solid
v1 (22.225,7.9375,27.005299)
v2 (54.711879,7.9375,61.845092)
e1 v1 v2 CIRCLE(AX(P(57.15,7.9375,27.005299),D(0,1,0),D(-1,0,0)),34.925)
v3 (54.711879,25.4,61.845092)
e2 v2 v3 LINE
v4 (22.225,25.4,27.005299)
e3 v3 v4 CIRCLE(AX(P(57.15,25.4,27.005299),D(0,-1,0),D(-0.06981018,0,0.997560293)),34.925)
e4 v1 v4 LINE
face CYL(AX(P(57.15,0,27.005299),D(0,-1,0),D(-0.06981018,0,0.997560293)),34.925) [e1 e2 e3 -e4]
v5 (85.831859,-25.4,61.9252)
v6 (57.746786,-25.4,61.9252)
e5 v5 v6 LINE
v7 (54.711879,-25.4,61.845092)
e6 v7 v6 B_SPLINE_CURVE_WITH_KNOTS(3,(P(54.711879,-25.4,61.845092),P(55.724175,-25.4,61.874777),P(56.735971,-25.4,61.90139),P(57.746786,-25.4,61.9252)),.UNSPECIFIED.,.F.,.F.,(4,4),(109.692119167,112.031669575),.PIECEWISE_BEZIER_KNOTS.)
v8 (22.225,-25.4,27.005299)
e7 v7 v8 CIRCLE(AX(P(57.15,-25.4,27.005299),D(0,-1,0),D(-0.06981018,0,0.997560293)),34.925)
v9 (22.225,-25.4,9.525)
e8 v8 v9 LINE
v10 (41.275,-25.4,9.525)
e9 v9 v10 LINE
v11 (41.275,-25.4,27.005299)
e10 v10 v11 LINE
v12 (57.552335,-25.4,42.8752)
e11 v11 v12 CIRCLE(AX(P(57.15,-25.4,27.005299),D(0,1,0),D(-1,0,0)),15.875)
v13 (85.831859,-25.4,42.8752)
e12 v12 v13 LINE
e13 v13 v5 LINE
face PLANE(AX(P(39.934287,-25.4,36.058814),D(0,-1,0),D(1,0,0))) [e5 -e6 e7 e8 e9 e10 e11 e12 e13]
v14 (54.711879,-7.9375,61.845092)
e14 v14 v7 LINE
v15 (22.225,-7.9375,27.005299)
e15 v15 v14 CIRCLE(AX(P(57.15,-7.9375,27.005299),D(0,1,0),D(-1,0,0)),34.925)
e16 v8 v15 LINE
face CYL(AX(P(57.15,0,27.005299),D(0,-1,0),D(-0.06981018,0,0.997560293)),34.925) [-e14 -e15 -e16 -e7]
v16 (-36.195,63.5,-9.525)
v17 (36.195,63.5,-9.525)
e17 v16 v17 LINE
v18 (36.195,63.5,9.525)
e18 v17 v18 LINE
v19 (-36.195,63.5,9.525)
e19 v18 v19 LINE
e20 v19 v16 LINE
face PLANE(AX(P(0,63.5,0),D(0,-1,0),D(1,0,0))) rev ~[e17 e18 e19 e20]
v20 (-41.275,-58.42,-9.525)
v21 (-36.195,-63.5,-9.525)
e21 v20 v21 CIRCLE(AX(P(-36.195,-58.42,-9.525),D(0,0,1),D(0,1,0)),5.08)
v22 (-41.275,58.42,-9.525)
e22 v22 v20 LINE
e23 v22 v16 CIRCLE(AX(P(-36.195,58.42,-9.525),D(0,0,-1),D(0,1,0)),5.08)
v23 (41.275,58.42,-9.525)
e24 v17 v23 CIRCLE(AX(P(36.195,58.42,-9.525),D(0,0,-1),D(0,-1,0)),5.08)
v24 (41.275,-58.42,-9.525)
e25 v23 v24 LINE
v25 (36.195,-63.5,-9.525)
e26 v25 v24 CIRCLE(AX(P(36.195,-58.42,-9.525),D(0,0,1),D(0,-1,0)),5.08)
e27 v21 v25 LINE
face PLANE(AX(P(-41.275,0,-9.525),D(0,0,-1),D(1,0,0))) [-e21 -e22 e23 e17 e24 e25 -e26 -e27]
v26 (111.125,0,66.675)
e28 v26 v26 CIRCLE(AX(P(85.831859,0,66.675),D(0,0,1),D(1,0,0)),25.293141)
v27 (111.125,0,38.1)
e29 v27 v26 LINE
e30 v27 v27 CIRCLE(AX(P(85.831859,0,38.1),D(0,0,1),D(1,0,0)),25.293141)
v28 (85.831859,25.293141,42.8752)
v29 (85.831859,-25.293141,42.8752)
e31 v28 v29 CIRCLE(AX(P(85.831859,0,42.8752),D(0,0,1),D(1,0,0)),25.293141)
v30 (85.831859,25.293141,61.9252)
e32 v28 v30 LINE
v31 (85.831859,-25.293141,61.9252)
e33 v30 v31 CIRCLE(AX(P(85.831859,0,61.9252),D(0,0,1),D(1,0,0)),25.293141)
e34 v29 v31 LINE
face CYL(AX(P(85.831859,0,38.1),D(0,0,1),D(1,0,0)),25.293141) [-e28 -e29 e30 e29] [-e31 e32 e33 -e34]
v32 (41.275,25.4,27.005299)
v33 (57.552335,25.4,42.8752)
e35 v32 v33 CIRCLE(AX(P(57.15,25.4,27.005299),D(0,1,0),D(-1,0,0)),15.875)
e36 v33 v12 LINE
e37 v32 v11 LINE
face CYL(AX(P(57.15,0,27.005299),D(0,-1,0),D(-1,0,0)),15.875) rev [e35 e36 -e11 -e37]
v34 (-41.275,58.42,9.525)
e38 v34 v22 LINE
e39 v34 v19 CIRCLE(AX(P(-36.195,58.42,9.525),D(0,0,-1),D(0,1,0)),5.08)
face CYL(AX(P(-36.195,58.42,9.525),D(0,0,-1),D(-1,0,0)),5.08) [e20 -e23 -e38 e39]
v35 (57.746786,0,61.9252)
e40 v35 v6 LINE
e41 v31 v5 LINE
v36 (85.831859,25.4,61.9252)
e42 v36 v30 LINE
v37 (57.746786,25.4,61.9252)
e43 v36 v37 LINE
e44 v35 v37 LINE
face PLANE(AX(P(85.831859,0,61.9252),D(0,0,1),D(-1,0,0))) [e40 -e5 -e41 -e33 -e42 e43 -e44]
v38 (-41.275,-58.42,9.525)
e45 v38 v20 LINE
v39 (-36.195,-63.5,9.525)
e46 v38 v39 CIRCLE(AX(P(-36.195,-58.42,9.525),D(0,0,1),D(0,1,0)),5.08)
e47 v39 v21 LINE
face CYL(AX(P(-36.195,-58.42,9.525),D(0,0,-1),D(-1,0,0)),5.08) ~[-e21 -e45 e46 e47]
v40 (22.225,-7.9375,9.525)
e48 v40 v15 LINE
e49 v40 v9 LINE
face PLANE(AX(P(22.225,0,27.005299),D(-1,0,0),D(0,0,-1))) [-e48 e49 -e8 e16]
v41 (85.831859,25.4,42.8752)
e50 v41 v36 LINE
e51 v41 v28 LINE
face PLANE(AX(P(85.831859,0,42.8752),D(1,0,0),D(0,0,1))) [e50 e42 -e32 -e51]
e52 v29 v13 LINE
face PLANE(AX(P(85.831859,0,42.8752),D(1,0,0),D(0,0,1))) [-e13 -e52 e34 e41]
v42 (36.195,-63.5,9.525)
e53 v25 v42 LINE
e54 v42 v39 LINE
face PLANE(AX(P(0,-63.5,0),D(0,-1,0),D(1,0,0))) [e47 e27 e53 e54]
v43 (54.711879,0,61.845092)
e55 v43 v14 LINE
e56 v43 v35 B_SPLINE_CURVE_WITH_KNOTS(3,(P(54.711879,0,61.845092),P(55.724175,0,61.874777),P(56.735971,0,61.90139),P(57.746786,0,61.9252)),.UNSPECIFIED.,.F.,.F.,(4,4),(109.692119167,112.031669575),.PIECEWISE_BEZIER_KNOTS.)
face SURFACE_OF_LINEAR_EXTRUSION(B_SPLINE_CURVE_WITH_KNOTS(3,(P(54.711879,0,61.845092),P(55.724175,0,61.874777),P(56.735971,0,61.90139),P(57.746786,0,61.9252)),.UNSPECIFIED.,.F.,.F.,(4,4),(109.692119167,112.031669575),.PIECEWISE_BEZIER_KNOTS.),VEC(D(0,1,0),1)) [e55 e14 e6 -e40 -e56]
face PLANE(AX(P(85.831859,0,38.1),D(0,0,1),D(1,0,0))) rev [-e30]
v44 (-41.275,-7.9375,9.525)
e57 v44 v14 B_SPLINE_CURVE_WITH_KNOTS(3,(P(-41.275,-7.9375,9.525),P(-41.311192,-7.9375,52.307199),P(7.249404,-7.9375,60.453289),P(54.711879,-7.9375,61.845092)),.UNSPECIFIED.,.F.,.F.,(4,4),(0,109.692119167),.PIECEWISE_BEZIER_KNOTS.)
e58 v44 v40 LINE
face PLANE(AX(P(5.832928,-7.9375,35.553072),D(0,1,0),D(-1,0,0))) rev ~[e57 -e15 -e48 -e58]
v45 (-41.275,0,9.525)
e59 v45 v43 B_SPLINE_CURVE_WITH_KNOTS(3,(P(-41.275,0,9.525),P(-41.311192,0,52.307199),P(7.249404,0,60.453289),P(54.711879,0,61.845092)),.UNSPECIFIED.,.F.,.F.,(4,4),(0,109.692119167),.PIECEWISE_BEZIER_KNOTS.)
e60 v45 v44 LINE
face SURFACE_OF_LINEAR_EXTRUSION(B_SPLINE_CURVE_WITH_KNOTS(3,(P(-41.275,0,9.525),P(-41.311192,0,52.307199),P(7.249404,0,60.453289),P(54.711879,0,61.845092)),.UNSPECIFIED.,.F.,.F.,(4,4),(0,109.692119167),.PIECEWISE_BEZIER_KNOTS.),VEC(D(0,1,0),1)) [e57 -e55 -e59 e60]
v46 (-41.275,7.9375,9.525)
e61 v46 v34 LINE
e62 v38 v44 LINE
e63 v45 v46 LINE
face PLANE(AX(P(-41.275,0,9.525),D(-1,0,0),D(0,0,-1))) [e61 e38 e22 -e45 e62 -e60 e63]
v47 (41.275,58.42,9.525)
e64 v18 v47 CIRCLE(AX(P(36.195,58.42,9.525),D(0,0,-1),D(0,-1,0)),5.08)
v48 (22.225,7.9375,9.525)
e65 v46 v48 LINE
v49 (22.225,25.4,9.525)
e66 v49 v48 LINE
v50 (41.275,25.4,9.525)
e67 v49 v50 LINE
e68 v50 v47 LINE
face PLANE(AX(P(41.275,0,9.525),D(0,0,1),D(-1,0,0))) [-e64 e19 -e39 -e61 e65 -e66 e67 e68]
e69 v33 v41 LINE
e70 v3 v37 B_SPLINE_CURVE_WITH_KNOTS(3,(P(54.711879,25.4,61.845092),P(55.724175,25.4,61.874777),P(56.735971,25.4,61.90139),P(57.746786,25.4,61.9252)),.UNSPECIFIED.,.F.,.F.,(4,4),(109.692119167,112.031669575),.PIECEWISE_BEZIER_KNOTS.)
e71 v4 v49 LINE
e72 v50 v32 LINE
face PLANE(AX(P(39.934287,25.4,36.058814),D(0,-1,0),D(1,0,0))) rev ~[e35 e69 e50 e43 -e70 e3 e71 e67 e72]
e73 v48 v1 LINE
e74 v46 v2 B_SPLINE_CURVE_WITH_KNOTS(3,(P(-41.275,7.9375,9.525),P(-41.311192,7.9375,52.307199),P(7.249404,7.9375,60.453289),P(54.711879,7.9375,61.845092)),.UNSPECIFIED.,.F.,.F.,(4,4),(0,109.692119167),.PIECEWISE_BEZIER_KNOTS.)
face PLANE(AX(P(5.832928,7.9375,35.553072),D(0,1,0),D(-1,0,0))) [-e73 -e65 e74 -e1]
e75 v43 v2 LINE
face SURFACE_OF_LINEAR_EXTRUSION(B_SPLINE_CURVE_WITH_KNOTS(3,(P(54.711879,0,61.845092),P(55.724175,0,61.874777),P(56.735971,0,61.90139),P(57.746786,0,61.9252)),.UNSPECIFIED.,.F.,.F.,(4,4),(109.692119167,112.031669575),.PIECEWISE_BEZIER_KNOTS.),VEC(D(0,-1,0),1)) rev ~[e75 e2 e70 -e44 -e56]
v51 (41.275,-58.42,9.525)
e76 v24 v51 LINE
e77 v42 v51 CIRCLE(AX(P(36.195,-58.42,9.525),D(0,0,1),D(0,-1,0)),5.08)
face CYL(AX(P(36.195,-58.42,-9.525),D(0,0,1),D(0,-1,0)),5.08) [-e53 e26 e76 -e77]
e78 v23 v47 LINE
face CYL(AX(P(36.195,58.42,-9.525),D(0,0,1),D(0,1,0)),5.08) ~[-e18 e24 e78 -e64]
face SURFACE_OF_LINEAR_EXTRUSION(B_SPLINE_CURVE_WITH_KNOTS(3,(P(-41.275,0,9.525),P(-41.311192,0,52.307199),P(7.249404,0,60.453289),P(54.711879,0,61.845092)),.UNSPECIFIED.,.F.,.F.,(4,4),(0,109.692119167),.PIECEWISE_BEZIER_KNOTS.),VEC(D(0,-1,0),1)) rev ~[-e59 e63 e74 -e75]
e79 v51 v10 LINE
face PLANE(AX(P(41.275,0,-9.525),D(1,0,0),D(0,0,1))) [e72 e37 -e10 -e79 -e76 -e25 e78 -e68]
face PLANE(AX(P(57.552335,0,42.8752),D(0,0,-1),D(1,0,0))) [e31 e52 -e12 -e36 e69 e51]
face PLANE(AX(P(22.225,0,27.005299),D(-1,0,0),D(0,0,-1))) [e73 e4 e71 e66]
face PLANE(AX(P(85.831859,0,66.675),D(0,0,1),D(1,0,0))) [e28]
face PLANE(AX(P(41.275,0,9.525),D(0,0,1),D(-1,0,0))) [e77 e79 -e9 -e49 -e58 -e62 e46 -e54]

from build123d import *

# Parameters (mm, degrees)
F1_DEPTH = 63.5
F0_W     = 25.5068594253
F0_H     = 19.05
F2_DEPTH = 25.4
F4_DEPTH = 7.9375
F5_R     = 5.08


with BuildPart() as f1:
    # F0 (on Front) → F1 (new body, symmetric)
    with BuildSketch(Plane.XZ):
        Polygon((22.225, 9.525), (-41.275, 9.525), (-41.275, -9.525), (41.275, -9.525), (41.275, 9.525), align=None)
    extrude(amount=F1_DEPTH, both=True)

    # F0 (on Front) → F2 (join, symmetric)
    with BuildSketch(Plane.XZ):
        with BuildLine():
            Line((22.225, 27.0052991994), (22.225, 9.525))
            Line((22.225, 9.525), (41.275, 9.525))
            Line((41.275, 9.525), (41.275, 27.0052991994))
            ThreePointArc((41.275, 27.0052991994), (46.0678396882, 38.3719762786), (57.5523351588, 42.8752))
            Line((57.5523351588, 42.8752), (60.325, 42.8752))
            Line((60.325, 42.8752), (60.325, 61.9252))
            Line((60.325, 61.9252), (57.7467856216, 61.9252))
            add(Edge.make_bspline(
                [(54.7118794678, 61.8450924432), (55.7241751025, 61.874777301), (56.735971204, 61.9013896481), (57.7467856217, 61.9252)],
                knots=[109.6921191668, 109.6921191668, 109.6921191668, 109.6921191668, 112.0316695749, 112.0316695749, 112.0316695749, 112.0316695749], degree=3))
            ThreePointArc((54.7118794678, 61.8450924432), (31.6068308095, 50.8234043446), (22.225, 27.0052991994))
        make_face()
        with Locations((73.0784297127, 52.4002)):
            Rectangle(F0_W, F0_H)
    extrude(amount=F2_DEPTH, both=True)

    # F0 (on Front) → F3 (revolve)
    with BuildSketch(Plane.XZ):
        Polygon((85.8318594253, 66.675), (85.8318594253, 61.9252), (85.8318594253, 42.8752), (85.8318594253, 38.1), (111.125, 38.1), (111.125, 66.675), align=None)
    revolve(axis=Axis((85.8318594253, 0, 52.3875), (0, 0, 1)))

    # F0 (on Front) → F4 (join, symmetric)
    with BuildSketch(Plane.XZ):
        with BuildLine():
            add(Edge.make_bspline(
                [(-41.275, 9.525), (-41.3111924675, 52.3071991607), (7.2494041966, 60.4532887264), (54.7118794678, 61.8450924432)],
                knots=[0, 0, 0, 0, 109.6921191668, 109.6921191668, 109.6921191668, 109.6921191668], degree=3))
            Line((-41.275, 9.525), (22.225, 9.525))
            Line((22.225, 9.525), (22.225, 27.0052991994))
            ThreePointArc((22.225, 27.0052991994), (31.6068308095, 50.8234043446), (54.7118794678, 61.8450924432))
        make_face()
    extrude(amount=F4_DEPTH, both=True)

    # F5
    f5_edges = [f1.edges().sort_by_distance(p)[0] for p in [
        (-41.275, -63.5, 0),
        (41.275, -63.5, 0),
        (41.275, 63.5, 0),
        (-41.275, 63.5, 0),
    ]]
    fillet(f5_edges, radius=F5_R)


solid = f1.part
